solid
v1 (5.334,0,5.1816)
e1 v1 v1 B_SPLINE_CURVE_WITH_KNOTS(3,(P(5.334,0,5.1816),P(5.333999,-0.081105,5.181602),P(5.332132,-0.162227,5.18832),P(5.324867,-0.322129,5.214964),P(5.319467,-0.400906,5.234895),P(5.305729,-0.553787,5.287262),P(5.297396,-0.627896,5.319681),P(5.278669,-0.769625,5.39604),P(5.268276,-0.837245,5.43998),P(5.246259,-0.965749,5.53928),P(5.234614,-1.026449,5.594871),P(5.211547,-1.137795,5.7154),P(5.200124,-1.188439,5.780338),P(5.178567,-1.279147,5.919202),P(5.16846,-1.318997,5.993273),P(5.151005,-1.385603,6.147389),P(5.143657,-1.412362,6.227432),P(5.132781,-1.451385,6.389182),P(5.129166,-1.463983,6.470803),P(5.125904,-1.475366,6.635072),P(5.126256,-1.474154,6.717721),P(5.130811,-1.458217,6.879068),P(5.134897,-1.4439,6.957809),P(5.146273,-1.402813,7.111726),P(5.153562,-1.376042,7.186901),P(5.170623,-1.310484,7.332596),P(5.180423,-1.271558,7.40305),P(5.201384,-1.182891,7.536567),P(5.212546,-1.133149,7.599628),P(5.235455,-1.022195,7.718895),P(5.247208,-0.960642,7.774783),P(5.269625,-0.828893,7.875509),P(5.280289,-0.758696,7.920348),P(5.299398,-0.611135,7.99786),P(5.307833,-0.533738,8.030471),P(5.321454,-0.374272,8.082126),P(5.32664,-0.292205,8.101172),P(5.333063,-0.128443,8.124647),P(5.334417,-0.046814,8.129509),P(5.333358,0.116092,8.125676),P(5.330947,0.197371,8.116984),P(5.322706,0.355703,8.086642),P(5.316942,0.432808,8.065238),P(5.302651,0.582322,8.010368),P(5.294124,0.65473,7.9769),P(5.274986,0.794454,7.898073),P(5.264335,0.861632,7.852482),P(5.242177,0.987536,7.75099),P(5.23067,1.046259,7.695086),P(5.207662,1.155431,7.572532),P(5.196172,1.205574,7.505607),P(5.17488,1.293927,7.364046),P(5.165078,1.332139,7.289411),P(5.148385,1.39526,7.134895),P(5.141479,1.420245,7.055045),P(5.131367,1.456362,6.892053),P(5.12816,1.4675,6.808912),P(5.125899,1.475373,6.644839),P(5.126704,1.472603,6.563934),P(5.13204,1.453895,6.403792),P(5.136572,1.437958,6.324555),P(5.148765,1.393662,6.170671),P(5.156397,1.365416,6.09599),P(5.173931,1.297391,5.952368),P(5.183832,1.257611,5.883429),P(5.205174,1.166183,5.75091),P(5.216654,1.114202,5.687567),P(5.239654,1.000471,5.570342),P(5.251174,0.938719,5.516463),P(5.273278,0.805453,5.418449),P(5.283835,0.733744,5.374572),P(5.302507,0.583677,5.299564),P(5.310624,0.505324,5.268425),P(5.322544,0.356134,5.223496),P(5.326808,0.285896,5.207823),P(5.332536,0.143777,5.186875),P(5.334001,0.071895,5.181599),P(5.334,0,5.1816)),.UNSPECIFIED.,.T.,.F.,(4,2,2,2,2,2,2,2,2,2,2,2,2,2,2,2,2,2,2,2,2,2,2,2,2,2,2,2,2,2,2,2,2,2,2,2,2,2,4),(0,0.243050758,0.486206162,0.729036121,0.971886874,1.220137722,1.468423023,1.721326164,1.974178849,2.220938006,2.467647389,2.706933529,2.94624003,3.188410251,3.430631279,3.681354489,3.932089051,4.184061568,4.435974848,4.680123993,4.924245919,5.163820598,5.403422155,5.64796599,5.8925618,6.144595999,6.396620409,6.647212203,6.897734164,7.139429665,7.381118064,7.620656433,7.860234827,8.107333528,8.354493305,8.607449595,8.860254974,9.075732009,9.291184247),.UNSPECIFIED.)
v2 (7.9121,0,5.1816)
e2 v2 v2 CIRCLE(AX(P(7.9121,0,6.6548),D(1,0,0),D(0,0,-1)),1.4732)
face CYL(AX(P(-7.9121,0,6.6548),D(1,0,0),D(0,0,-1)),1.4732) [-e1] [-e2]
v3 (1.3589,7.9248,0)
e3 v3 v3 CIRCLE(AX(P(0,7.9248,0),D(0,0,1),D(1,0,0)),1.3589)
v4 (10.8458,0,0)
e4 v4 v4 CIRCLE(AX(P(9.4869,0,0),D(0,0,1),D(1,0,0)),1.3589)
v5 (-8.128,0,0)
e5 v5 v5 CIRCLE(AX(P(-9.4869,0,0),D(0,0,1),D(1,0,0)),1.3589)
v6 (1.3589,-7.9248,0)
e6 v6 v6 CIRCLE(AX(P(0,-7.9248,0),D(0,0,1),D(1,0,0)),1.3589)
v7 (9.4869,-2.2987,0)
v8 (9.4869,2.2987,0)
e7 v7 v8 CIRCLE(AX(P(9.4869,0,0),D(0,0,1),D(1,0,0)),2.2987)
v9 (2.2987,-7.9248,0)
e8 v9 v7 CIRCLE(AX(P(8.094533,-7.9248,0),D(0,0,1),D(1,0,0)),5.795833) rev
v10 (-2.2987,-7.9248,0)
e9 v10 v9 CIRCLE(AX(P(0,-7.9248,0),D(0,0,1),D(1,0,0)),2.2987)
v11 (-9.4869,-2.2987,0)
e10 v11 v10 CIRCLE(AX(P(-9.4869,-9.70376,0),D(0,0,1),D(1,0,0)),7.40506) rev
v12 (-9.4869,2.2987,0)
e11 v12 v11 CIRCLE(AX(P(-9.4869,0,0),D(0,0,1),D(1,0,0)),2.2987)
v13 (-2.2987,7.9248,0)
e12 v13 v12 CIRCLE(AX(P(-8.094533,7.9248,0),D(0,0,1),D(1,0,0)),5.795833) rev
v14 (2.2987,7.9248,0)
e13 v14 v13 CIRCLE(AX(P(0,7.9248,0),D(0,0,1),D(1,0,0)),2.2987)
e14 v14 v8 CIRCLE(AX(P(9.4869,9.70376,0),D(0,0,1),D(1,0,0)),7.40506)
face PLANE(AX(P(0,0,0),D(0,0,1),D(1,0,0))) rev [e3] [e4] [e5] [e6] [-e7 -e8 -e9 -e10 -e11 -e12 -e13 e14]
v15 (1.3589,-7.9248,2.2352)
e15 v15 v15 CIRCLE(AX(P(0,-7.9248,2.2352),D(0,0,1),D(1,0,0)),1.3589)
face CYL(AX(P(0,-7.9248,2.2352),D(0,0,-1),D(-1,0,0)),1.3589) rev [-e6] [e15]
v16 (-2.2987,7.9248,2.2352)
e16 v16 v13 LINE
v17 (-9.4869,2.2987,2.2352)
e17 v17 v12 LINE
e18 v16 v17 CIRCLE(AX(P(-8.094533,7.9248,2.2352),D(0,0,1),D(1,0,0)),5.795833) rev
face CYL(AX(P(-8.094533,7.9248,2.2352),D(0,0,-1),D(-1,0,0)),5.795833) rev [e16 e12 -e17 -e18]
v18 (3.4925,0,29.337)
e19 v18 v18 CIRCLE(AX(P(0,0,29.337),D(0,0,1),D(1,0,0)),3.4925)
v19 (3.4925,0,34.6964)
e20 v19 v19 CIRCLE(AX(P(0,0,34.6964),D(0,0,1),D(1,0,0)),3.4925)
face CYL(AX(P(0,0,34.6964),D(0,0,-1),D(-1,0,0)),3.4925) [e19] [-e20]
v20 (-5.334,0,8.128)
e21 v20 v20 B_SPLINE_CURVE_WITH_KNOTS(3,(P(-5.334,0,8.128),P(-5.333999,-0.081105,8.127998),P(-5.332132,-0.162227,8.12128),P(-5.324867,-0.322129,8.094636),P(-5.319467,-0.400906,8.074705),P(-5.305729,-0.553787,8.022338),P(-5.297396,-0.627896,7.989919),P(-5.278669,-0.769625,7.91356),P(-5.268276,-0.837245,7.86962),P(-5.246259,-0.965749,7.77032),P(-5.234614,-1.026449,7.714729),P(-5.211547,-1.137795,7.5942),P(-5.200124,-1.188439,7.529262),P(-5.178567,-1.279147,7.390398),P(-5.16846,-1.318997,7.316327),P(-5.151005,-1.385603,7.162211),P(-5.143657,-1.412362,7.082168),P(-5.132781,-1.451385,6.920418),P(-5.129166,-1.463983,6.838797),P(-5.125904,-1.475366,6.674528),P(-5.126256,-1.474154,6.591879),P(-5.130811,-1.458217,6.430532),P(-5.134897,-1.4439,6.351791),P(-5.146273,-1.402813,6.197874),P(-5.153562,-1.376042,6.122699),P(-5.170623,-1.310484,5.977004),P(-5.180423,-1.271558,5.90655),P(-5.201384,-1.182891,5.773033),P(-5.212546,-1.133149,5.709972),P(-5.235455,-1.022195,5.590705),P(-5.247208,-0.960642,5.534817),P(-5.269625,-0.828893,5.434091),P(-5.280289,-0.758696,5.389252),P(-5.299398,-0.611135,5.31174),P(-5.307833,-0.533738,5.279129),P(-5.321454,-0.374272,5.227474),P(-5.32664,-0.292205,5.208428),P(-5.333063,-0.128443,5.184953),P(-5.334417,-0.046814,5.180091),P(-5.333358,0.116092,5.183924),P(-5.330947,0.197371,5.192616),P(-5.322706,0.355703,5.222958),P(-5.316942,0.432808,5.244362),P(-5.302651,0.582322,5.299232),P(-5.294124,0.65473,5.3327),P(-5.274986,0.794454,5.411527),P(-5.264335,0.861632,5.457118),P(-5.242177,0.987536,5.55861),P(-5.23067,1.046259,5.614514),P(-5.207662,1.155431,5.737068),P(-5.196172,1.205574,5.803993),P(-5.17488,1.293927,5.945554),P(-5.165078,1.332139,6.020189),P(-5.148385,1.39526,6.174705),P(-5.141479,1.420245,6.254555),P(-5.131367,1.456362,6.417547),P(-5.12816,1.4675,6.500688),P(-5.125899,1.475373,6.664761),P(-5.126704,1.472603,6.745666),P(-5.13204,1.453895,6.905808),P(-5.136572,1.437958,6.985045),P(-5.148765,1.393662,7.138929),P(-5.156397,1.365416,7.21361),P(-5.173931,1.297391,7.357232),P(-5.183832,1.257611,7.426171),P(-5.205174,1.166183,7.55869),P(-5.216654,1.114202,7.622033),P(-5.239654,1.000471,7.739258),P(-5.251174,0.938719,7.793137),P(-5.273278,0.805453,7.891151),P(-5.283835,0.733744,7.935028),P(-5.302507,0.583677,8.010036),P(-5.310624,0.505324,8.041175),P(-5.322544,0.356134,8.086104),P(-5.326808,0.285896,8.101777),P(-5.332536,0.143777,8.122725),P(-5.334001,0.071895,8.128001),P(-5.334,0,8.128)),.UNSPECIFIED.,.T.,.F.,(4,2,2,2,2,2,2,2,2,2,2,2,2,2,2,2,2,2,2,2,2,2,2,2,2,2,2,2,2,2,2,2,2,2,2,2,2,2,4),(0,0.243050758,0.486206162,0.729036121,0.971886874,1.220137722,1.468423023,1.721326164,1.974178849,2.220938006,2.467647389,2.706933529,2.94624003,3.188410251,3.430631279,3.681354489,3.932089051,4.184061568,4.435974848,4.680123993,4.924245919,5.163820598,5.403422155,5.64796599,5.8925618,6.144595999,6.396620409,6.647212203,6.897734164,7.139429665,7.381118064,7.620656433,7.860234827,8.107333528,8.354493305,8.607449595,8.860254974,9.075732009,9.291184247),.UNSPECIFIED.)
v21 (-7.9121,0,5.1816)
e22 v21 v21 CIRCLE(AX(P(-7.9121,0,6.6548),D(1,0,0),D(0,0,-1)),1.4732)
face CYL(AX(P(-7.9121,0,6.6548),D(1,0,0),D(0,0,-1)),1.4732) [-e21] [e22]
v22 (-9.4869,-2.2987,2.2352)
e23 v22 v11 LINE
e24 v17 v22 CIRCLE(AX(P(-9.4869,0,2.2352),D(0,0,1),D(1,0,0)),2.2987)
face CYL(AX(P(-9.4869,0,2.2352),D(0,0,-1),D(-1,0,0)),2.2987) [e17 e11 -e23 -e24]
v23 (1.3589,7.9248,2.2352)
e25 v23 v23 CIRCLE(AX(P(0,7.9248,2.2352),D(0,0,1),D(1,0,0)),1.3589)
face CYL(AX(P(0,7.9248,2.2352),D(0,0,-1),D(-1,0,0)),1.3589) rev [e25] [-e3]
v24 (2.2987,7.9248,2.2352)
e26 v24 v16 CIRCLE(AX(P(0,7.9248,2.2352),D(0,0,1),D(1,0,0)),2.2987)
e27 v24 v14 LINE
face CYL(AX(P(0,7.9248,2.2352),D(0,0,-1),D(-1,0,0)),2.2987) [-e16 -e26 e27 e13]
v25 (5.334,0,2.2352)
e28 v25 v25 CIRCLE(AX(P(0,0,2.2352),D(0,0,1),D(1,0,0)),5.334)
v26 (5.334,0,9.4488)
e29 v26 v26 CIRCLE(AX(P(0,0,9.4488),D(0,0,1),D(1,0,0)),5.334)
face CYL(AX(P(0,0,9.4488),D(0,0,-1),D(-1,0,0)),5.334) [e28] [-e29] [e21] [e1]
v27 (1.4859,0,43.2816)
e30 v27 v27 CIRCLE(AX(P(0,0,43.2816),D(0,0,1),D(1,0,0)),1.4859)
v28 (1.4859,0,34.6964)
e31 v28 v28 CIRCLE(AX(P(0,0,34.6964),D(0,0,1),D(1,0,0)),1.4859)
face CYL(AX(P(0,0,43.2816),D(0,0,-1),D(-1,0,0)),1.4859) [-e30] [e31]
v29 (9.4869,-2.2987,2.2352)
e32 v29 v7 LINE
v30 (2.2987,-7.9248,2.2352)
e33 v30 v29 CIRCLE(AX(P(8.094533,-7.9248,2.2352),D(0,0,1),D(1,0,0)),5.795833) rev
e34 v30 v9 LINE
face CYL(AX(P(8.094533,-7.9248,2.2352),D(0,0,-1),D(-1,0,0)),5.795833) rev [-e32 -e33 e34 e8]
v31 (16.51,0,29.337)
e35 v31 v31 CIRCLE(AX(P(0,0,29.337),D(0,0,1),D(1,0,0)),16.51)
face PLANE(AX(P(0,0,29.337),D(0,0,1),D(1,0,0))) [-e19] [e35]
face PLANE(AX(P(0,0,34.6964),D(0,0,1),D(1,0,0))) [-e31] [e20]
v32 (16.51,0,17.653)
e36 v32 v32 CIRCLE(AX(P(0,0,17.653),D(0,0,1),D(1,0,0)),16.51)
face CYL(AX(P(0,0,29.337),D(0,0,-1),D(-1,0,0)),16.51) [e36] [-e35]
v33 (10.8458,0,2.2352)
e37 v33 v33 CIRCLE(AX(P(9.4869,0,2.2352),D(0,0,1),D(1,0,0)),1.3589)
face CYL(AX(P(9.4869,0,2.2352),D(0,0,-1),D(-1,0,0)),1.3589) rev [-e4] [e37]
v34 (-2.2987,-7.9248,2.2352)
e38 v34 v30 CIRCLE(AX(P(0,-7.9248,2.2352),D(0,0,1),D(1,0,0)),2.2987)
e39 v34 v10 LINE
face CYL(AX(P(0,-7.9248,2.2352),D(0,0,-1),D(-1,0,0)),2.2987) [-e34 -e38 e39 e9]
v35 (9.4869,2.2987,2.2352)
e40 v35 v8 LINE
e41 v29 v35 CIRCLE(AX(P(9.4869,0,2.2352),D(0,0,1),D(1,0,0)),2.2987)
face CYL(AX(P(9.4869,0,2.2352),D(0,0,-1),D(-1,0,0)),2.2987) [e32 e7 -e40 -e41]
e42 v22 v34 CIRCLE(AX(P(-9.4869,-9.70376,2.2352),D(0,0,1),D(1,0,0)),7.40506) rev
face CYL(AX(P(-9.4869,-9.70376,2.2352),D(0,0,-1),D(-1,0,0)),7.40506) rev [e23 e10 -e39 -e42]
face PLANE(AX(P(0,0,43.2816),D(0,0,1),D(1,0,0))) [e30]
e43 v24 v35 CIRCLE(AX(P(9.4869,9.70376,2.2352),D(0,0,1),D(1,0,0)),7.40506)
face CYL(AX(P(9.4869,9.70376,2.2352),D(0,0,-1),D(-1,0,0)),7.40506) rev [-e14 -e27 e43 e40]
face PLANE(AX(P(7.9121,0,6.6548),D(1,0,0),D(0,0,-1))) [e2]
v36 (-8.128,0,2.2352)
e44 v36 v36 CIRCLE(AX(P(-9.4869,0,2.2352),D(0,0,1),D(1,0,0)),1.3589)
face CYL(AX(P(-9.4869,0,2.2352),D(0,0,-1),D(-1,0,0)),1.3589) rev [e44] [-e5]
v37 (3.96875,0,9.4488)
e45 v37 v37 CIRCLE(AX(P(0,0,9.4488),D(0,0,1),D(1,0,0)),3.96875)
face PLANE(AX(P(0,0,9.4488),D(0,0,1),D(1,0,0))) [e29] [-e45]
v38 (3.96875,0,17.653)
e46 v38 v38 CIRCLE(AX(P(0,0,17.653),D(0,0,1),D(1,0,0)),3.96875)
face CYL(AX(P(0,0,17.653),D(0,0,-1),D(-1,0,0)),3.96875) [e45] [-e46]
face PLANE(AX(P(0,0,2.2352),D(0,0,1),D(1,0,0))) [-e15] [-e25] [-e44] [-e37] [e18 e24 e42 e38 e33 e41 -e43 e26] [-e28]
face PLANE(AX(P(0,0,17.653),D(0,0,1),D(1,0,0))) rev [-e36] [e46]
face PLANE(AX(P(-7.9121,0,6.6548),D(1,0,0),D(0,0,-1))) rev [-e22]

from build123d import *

# Parameters (mm, degrees)
SKETCH1_R                = 1.3589
BOSS_EXTRUDE1_DEPTH      = 2.2352
SKETCH2_R                = 5.334
BOSS_EXTRUDE2_DEPTH      = 7.2136
BOSS_EXTRUDE3_DEPTH      = 7.9121
BOSS_EXTRUDE3_DEPTH_BACK = 7.9121
SKETCH3_R                = 1.4732
SKETCH4_R                = 3.96875
BOSS_EXTRUDE4_DEPTH      = 8.2042
SKETCH5_R                = 16.51
BOSS_EXTRUDE5_DEPTH      = 11.684
SKETCH6_R                = 3.4925
BOSS_EXTRUDE6_DEPTH      = 5.3594
SKETCH7_R                = 1.4859
BOSS_EXTRUDE7_DEPTH      = 8.5852


with BuildPart() as part:
    # Sketch1 → Boss-Extrude1 (new body)
    with BuildSketch(Plane.XY):
        with BuildLine():
            ThreePointArc((2.2987, -7.9248), (4.217475252, -3.616655942), (8.703337155, -2.161030069))
            ThreePointArc((8.703337155, -2.161030069), (9.097483524, -2.216404696), (9.4869, -2.2987))
            ThreePointArc((9.4869, -2.2987), (11.7856, 0), (9.4869, 2.2987))
            ThreePointArc((9.4869, 2.2987), (4.922822315, 3.872455712), (2.2987, 7.9248))
            ThreePointArc((2.2987, 7.9248), (0, 10.2235), (-2.2987, 7.9248))
            ThreePointArc((-2.2987, 7.9248), (-4.217475252, 3.616655942), (-8.703337155, 2.161030069))
            ThreePointArc((-8.703337155, 2.161030069), (-9.097483524, 2.216404696), (-9.4869, 2.2987))
            ThreePointArc((-9.4869, 2.2987), (-11.7856, 0), (-9.4869, -2.2987))
            ThreePointArc((-9.4869, -2.2987), (-4.922822315, -3.872455712), (-2.2987, -7.9248))
            ThreePointArc((-2.2987, -7.9248), (0, -10.2235), (2.2987, -7.9248))
        make_face()
        with Locations((0, -7.9248)):
            Circle(SKETCH1_R, mode=Mode.SUBTRACT)
        with Locations((-9.4869, 0)):
            Circle(SKETCH1_R, mode=Mode.SUBTRACT)
        with Locations((0, 7.9248)):
            Circle(SKETCH1_R, mode=Mode.SUBTRACT)
        with Locations((9.4869, 0)):
            Circle(SKETCH1_R, mode=Mode.SUBTRACT)
    extrude(amount=BOSS_EXTRUDE1_DEPTH)

    # Sketch2 → Boss-Extrude2 (add)
    with BuildSketch(Plane.XY.offset(2.2352)):
        Circle(SKETCH2_R)
    extrude(amount=BOSS_EXTRUDE2_DEPTH)

    # Sketch3 → Boss-Extrude3 (add, two sides: drawn at the far end of the back side and taken through both)
    with BuildSketch(Plane(origin=(0, 0, 0), x_dir=(0, 0, -1), z_dir=(1, 0, 0)).offset(-BOSS_EXTRUDE3_DEPTH_BACK)):
        with Locations((-6.6548, 0)):
            Circle(SKETCH3_R)
    extrude(amount=BOSS_EXTRUDE3_DEPTH + BOSS_EXTRUDE3_DEPTH_BACK)

    # Sketch4 → Boss-Extrude4 (add)
    with BuildSketch(Plane.XY.offset(9.4488)):
        Circle(SKETCH4_R)
    extrude(amount=BOSS_EXTRUDE4_DEPTH)

    # Sketch5 → Boss-Extrude5 (add)
    with BuildSketch(Plane.XY.offset(17.653)):
        Circle(SKETCH5_R)
    extrude(amount=BOSS_EXTRUDE5_DEPTH)

    # Sketch6 → Boss-Extrude6 (add)
    with BuildSketch(Plane.XY.offset(29.337)):
        Circle(SKETCH6_R)
    extrude(amount=BOSS_EXTRUDE6_DEPTH)

    # Sketch7 → Boss-Extrude7 (add)
    with BuildSketch(Plane.XY.offset(34.6964)):
        Circle(SKETCH7_R)
    extrude(amount=BOSS_EXTRUDE7_DEPTH)


solid = part.part
